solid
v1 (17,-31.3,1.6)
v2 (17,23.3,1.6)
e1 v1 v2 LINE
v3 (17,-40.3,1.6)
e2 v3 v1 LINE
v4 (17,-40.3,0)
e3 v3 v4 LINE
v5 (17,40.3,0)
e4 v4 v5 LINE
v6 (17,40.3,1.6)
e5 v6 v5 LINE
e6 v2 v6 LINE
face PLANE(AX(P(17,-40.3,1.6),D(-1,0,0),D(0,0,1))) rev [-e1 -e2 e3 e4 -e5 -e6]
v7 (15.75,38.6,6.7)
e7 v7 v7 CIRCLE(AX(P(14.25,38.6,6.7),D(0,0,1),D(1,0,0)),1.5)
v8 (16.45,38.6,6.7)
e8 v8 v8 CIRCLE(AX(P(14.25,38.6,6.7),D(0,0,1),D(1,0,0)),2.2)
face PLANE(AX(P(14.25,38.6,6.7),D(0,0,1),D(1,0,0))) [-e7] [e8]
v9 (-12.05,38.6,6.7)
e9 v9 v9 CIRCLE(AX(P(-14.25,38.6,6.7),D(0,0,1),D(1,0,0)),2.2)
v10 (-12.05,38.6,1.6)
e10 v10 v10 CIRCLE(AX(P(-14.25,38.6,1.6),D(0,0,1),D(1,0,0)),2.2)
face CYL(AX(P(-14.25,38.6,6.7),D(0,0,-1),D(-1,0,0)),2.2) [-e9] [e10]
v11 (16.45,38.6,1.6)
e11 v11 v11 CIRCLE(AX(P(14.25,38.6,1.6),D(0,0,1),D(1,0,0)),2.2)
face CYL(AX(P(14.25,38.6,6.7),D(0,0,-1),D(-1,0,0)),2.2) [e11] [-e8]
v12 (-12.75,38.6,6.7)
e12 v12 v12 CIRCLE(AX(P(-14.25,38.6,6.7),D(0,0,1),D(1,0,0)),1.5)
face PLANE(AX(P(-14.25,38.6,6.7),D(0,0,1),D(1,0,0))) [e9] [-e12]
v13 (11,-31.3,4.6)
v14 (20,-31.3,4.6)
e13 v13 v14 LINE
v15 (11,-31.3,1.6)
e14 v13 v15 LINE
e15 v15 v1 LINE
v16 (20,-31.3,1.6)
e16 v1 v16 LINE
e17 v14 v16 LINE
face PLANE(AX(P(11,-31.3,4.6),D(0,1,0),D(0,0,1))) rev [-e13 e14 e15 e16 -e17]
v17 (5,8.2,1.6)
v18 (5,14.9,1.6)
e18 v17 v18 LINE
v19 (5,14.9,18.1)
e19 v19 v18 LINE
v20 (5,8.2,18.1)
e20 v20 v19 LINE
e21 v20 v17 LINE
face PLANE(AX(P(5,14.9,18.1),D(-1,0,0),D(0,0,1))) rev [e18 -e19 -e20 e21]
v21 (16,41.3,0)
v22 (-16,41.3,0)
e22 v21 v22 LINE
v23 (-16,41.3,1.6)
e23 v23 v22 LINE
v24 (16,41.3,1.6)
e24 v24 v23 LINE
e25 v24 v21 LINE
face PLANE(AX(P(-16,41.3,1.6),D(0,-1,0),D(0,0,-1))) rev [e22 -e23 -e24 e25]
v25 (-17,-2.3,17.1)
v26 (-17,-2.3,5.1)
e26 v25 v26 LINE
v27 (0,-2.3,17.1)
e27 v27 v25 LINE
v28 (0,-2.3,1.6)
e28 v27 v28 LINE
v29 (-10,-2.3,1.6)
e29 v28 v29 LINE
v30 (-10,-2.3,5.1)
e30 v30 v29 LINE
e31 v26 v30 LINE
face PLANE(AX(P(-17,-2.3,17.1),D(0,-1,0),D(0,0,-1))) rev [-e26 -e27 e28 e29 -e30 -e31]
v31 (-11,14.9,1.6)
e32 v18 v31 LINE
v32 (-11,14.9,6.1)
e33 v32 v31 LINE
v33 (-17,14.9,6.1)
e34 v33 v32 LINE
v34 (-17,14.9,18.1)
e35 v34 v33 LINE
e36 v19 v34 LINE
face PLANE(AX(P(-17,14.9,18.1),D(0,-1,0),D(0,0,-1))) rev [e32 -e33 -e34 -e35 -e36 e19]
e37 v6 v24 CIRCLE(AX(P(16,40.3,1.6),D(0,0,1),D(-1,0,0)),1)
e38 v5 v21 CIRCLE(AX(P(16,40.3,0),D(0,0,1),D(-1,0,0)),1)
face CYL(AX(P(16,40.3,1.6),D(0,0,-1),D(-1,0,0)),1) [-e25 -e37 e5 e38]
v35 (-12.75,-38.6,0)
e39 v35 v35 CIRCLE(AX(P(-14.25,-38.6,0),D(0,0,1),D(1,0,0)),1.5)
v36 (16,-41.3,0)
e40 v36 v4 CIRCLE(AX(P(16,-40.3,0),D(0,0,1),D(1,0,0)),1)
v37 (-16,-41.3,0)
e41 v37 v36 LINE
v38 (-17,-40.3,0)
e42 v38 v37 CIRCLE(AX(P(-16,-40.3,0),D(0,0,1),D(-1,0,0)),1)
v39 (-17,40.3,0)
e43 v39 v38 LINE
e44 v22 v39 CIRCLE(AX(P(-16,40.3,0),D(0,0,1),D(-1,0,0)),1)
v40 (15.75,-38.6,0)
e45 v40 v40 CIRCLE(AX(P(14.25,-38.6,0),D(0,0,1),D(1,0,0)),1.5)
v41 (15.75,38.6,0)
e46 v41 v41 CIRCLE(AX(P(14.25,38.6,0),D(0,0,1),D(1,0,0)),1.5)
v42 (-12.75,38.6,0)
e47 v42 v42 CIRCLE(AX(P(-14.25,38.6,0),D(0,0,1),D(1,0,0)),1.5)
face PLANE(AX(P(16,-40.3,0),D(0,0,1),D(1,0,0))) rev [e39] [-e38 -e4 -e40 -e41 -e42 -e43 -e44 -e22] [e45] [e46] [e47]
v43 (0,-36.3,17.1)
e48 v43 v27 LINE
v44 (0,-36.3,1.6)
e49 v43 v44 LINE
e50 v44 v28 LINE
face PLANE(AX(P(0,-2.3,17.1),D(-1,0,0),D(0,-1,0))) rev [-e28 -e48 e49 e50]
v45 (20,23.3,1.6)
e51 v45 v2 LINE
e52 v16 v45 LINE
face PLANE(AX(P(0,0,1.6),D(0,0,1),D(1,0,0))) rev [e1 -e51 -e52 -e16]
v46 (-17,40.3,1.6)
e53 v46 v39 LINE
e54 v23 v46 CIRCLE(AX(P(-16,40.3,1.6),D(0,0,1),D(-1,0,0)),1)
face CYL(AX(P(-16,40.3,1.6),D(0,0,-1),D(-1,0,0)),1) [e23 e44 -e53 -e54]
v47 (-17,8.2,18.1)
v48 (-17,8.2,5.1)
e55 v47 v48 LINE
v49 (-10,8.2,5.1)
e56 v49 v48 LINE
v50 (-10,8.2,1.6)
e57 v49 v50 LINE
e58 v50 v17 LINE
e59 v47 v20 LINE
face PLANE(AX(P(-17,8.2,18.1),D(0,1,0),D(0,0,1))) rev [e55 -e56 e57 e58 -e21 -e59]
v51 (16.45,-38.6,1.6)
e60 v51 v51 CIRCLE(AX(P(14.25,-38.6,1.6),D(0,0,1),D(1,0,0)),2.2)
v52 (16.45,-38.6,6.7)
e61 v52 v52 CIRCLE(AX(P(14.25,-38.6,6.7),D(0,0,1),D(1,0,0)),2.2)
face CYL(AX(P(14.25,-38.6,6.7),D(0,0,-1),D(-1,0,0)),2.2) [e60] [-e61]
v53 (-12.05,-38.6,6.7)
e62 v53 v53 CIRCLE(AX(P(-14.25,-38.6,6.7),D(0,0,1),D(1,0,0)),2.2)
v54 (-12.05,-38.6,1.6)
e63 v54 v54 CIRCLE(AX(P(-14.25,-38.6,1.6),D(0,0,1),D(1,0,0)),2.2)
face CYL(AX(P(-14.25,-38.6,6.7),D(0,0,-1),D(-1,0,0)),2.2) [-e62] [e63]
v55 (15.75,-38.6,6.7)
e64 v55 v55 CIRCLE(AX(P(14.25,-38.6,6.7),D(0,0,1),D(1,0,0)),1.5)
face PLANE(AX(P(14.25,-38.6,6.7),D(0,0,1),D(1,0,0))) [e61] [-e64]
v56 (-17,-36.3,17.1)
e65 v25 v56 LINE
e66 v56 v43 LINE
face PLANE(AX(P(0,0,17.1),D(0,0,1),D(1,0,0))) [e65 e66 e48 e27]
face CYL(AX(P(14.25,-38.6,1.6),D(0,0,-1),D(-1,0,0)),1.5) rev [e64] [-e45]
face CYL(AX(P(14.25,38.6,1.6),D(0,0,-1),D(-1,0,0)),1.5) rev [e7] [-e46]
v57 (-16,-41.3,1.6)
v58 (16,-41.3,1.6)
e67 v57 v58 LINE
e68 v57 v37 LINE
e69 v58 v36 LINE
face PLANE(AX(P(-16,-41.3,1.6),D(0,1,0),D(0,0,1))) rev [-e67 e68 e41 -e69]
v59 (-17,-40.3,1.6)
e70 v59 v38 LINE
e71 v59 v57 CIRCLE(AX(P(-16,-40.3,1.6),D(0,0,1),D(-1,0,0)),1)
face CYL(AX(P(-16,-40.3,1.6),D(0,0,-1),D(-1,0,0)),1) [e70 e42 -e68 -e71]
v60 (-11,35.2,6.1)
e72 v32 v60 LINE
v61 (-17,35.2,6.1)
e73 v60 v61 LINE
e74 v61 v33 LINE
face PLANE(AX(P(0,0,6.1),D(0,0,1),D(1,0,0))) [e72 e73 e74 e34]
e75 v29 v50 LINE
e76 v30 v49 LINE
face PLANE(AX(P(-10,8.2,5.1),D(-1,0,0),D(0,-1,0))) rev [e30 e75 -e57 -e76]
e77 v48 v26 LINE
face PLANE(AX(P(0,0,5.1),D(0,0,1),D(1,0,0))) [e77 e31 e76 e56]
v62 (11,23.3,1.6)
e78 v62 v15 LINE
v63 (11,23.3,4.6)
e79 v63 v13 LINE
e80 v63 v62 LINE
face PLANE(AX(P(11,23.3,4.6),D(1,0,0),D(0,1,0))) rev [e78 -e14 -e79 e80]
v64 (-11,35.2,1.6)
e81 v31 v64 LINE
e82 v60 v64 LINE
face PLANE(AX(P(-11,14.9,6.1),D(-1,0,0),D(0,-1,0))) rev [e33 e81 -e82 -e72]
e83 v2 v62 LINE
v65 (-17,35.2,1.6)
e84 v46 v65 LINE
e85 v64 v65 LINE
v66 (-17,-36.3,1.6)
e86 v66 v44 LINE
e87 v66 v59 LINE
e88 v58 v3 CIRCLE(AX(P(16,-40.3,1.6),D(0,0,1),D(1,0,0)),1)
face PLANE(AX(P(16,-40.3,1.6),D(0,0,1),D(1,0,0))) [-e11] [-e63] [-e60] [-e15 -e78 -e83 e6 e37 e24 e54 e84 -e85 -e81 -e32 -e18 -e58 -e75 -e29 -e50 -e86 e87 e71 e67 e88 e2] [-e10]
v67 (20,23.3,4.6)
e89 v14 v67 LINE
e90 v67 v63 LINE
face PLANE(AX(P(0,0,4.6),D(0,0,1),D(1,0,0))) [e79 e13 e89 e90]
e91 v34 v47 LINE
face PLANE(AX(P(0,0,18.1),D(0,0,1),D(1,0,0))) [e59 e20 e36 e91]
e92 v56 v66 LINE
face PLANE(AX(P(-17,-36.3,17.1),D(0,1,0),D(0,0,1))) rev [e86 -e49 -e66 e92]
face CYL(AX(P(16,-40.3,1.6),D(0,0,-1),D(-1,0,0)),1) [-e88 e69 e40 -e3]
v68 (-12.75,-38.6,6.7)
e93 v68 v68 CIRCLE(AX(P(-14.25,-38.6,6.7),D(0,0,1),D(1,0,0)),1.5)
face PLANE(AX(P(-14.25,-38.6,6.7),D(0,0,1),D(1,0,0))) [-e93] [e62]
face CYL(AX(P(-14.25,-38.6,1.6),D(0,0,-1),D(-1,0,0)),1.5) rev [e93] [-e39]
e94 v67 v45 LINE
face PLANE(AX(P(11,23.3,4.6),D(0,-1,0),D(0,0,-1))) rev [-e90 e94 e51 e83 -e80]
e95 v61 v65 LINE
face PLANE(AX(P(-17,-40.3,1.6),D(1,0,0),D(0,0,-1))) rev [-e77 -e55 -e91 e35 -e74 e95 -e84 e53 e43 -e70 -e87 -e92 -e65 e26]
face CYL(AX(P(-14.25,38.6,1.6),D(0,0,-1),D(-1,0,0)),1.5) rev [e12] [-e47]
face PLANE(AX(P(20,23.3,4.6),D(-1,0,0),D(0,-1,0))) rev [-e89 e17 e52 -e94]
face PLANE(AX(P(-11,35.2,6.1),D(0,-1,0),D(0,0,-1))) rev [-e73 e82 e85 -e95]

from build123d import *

# Parameters (mm, degrees)
SKETCH_2_R      = 1.5
EXTRUDE_1_DEPTH = 1.6
SKETCH_3_W      = 9
SKETCH_3_H      = 54.6
EXTRUDE_2_DEPTH = 3
SKETCH_4_W      = 17
SKETCH_4_H      = 34
EXTRUDE_3_DEPTH = 15.5
SKETCH_5_W      = 7
SKETCH_5_H      = 10.5
EXTRUDE_4_DEPTH = 3.5
SKETCH_6_R      = 2.2
SKETCH_6_R_2    = 1.5
EXTRUDE_5_DEPTH = 5.1
SKETCH_7_W      = 22
SKETCH_7_H      = 6.7
EXTRUDE_6_DEPTH = 16.5
SKETCH_8_W      = 6
SKETCH_8_H      = 20.3
EXTRUDE_7_DEPTH = 4.5


with BuildPart() as part:
    # 草图2 → 凸台-拉伸1 (new body)
    with BuildSketch(Plane.XY):
        with BuildLine():
            Line((-16, -41.3), (16, -41.3))
            ThreePointArc((16, -41.3), (16.707106781, -41.007106781), (17, -40.3))
            Line((17, -40.3), (17, 40.3))
            ThreePointArc((17, 40.3), (16.707106781, 41.007106781), (16, 41.3))
            Line((16, 41.3), (-16, 41.3))
            ThreePointArc((-16, 41.3), (-16.707106781, 41.007106781), (-17, 40.3))
            Line((-17, 40.3), (-17, -40.3))
            ThreePointArc((-17, -40.3), (-16.707106781, -41.007106781), (-16, -41.3))
        make_face()
        with Locations((-14.25, 38.6)):
            Circle(SKETCH_2_R, mode=Mode.SUBTRACT)
        with Locations((14.25, 38.6)):
            Circle(SKETCH_2_R, mode=Mode.SUBTRACT)
        with Locations((-14.25, -38.6)):
            Circle(SKETCH_2_R, mode=Mode.SUBTRACT)
        with Locations((14.25, -38.6)):
            Circle(SKETCH_2_R, mode=Mode.SUBTRACT)
    extrude(amount=EXTRUDE_1_DEPTH)

    # 草图3 → 凸台-拉伸2 (add)
    with BuildSketch(Plane.XY.offset(1.6)):
        with Locations((15.5, -4)):
            Rectangle(SKETCH_3_W, SKETCH_3_H)
    extrude(amount=EXTRUDE_2_DEPTH)

    # 草图4 → 凸台-拉伸3 (add)
    with BuildSketch(Plane.XY.offset(1.6)):
        with Locations((-8.5, -19.3)):
            Rectangle(SKETCH_4_W, SKETCH_4_H)
    extrude(amount=EXTRUDE_3_DEPTH)

    # 草图5 → 凸台-拉伸4 (add)
    with BuildSketch(Plane.XY.offset(1.6)):
        with Locations((-13.5, 2.95)):
            Rectangle(SKETCH_5_W, SKETCH_5_H)
    extrude(amount=EXTRUDE_4_DEPTH)

    # 草图6 → 凸台-拉伸5 (add)
    # profile 1 of 4: a face of its own
    with BuildSketch(Plane.XY.offset(1.6)):
        with Locations((-14.25, 38.6)):
            Circle(SKETCH_6_R)
        with Locations((-14.25, 38.6)):
            Circle(SKETCH_6_R_2, mode=Mode.SUBTRACT)
    # profile 2 of 4: a face of its own
    with BuildSketch(Plane.XY.offset(1.6)):
        with Locations((14.25, 38.6)):
            Circle(SKETCH_6_R)
        with Locations((14.25, 38.6)):
            Circle(SKETCH_6_R_2, mode=Mode.SUBTRACT)
    # profile 3 of 4: a face of its own
    with BuildSketch(Plane.XY.offset(1.6)):
        with Locations((-14.25, -38.6)):
            Circle(SKETCH_6_R)
        with Locations((-14.25, -38.6)):
            Circle(SKETCH_6_R_2, mode=Mode.SUBTRACT)
    # profile 4 of 4: a face of its own
    with BuildSketch(Plane.XY.offset(1.6)):
        with Locations((14.25, -38.6)):
            Circle(SKETCH_6_R)
        with Locations((14.25, -38.6)):
            Circle(SKETCH_6_R_2, mode=Mode.SUBTRACT)
    extrude(amount=EXTRUDE_5_DEPTH)

    # 草图7 → 凸台-拉伸6 (add)
    with BuildSketch(Plane.XY.offset(1.6)):
        with Locations((-6, 11.55)):
            Rectangle(SKETCH_7_W, SKETCH_7_H)
    extrude(amount=EXTRUDE_6_DEPTH)

    # 草图8 → 凸台-拉伸7 (add)
    with BuildSketch(Plane.XY.offset(1.6)):
        with Locations((-14, 25.05)):
            Rectangle(SKETCH_8_W, SKETCH_8_H)
    extrude(amount=EXTRUDE_7_DEPTH)


solid = part.part
